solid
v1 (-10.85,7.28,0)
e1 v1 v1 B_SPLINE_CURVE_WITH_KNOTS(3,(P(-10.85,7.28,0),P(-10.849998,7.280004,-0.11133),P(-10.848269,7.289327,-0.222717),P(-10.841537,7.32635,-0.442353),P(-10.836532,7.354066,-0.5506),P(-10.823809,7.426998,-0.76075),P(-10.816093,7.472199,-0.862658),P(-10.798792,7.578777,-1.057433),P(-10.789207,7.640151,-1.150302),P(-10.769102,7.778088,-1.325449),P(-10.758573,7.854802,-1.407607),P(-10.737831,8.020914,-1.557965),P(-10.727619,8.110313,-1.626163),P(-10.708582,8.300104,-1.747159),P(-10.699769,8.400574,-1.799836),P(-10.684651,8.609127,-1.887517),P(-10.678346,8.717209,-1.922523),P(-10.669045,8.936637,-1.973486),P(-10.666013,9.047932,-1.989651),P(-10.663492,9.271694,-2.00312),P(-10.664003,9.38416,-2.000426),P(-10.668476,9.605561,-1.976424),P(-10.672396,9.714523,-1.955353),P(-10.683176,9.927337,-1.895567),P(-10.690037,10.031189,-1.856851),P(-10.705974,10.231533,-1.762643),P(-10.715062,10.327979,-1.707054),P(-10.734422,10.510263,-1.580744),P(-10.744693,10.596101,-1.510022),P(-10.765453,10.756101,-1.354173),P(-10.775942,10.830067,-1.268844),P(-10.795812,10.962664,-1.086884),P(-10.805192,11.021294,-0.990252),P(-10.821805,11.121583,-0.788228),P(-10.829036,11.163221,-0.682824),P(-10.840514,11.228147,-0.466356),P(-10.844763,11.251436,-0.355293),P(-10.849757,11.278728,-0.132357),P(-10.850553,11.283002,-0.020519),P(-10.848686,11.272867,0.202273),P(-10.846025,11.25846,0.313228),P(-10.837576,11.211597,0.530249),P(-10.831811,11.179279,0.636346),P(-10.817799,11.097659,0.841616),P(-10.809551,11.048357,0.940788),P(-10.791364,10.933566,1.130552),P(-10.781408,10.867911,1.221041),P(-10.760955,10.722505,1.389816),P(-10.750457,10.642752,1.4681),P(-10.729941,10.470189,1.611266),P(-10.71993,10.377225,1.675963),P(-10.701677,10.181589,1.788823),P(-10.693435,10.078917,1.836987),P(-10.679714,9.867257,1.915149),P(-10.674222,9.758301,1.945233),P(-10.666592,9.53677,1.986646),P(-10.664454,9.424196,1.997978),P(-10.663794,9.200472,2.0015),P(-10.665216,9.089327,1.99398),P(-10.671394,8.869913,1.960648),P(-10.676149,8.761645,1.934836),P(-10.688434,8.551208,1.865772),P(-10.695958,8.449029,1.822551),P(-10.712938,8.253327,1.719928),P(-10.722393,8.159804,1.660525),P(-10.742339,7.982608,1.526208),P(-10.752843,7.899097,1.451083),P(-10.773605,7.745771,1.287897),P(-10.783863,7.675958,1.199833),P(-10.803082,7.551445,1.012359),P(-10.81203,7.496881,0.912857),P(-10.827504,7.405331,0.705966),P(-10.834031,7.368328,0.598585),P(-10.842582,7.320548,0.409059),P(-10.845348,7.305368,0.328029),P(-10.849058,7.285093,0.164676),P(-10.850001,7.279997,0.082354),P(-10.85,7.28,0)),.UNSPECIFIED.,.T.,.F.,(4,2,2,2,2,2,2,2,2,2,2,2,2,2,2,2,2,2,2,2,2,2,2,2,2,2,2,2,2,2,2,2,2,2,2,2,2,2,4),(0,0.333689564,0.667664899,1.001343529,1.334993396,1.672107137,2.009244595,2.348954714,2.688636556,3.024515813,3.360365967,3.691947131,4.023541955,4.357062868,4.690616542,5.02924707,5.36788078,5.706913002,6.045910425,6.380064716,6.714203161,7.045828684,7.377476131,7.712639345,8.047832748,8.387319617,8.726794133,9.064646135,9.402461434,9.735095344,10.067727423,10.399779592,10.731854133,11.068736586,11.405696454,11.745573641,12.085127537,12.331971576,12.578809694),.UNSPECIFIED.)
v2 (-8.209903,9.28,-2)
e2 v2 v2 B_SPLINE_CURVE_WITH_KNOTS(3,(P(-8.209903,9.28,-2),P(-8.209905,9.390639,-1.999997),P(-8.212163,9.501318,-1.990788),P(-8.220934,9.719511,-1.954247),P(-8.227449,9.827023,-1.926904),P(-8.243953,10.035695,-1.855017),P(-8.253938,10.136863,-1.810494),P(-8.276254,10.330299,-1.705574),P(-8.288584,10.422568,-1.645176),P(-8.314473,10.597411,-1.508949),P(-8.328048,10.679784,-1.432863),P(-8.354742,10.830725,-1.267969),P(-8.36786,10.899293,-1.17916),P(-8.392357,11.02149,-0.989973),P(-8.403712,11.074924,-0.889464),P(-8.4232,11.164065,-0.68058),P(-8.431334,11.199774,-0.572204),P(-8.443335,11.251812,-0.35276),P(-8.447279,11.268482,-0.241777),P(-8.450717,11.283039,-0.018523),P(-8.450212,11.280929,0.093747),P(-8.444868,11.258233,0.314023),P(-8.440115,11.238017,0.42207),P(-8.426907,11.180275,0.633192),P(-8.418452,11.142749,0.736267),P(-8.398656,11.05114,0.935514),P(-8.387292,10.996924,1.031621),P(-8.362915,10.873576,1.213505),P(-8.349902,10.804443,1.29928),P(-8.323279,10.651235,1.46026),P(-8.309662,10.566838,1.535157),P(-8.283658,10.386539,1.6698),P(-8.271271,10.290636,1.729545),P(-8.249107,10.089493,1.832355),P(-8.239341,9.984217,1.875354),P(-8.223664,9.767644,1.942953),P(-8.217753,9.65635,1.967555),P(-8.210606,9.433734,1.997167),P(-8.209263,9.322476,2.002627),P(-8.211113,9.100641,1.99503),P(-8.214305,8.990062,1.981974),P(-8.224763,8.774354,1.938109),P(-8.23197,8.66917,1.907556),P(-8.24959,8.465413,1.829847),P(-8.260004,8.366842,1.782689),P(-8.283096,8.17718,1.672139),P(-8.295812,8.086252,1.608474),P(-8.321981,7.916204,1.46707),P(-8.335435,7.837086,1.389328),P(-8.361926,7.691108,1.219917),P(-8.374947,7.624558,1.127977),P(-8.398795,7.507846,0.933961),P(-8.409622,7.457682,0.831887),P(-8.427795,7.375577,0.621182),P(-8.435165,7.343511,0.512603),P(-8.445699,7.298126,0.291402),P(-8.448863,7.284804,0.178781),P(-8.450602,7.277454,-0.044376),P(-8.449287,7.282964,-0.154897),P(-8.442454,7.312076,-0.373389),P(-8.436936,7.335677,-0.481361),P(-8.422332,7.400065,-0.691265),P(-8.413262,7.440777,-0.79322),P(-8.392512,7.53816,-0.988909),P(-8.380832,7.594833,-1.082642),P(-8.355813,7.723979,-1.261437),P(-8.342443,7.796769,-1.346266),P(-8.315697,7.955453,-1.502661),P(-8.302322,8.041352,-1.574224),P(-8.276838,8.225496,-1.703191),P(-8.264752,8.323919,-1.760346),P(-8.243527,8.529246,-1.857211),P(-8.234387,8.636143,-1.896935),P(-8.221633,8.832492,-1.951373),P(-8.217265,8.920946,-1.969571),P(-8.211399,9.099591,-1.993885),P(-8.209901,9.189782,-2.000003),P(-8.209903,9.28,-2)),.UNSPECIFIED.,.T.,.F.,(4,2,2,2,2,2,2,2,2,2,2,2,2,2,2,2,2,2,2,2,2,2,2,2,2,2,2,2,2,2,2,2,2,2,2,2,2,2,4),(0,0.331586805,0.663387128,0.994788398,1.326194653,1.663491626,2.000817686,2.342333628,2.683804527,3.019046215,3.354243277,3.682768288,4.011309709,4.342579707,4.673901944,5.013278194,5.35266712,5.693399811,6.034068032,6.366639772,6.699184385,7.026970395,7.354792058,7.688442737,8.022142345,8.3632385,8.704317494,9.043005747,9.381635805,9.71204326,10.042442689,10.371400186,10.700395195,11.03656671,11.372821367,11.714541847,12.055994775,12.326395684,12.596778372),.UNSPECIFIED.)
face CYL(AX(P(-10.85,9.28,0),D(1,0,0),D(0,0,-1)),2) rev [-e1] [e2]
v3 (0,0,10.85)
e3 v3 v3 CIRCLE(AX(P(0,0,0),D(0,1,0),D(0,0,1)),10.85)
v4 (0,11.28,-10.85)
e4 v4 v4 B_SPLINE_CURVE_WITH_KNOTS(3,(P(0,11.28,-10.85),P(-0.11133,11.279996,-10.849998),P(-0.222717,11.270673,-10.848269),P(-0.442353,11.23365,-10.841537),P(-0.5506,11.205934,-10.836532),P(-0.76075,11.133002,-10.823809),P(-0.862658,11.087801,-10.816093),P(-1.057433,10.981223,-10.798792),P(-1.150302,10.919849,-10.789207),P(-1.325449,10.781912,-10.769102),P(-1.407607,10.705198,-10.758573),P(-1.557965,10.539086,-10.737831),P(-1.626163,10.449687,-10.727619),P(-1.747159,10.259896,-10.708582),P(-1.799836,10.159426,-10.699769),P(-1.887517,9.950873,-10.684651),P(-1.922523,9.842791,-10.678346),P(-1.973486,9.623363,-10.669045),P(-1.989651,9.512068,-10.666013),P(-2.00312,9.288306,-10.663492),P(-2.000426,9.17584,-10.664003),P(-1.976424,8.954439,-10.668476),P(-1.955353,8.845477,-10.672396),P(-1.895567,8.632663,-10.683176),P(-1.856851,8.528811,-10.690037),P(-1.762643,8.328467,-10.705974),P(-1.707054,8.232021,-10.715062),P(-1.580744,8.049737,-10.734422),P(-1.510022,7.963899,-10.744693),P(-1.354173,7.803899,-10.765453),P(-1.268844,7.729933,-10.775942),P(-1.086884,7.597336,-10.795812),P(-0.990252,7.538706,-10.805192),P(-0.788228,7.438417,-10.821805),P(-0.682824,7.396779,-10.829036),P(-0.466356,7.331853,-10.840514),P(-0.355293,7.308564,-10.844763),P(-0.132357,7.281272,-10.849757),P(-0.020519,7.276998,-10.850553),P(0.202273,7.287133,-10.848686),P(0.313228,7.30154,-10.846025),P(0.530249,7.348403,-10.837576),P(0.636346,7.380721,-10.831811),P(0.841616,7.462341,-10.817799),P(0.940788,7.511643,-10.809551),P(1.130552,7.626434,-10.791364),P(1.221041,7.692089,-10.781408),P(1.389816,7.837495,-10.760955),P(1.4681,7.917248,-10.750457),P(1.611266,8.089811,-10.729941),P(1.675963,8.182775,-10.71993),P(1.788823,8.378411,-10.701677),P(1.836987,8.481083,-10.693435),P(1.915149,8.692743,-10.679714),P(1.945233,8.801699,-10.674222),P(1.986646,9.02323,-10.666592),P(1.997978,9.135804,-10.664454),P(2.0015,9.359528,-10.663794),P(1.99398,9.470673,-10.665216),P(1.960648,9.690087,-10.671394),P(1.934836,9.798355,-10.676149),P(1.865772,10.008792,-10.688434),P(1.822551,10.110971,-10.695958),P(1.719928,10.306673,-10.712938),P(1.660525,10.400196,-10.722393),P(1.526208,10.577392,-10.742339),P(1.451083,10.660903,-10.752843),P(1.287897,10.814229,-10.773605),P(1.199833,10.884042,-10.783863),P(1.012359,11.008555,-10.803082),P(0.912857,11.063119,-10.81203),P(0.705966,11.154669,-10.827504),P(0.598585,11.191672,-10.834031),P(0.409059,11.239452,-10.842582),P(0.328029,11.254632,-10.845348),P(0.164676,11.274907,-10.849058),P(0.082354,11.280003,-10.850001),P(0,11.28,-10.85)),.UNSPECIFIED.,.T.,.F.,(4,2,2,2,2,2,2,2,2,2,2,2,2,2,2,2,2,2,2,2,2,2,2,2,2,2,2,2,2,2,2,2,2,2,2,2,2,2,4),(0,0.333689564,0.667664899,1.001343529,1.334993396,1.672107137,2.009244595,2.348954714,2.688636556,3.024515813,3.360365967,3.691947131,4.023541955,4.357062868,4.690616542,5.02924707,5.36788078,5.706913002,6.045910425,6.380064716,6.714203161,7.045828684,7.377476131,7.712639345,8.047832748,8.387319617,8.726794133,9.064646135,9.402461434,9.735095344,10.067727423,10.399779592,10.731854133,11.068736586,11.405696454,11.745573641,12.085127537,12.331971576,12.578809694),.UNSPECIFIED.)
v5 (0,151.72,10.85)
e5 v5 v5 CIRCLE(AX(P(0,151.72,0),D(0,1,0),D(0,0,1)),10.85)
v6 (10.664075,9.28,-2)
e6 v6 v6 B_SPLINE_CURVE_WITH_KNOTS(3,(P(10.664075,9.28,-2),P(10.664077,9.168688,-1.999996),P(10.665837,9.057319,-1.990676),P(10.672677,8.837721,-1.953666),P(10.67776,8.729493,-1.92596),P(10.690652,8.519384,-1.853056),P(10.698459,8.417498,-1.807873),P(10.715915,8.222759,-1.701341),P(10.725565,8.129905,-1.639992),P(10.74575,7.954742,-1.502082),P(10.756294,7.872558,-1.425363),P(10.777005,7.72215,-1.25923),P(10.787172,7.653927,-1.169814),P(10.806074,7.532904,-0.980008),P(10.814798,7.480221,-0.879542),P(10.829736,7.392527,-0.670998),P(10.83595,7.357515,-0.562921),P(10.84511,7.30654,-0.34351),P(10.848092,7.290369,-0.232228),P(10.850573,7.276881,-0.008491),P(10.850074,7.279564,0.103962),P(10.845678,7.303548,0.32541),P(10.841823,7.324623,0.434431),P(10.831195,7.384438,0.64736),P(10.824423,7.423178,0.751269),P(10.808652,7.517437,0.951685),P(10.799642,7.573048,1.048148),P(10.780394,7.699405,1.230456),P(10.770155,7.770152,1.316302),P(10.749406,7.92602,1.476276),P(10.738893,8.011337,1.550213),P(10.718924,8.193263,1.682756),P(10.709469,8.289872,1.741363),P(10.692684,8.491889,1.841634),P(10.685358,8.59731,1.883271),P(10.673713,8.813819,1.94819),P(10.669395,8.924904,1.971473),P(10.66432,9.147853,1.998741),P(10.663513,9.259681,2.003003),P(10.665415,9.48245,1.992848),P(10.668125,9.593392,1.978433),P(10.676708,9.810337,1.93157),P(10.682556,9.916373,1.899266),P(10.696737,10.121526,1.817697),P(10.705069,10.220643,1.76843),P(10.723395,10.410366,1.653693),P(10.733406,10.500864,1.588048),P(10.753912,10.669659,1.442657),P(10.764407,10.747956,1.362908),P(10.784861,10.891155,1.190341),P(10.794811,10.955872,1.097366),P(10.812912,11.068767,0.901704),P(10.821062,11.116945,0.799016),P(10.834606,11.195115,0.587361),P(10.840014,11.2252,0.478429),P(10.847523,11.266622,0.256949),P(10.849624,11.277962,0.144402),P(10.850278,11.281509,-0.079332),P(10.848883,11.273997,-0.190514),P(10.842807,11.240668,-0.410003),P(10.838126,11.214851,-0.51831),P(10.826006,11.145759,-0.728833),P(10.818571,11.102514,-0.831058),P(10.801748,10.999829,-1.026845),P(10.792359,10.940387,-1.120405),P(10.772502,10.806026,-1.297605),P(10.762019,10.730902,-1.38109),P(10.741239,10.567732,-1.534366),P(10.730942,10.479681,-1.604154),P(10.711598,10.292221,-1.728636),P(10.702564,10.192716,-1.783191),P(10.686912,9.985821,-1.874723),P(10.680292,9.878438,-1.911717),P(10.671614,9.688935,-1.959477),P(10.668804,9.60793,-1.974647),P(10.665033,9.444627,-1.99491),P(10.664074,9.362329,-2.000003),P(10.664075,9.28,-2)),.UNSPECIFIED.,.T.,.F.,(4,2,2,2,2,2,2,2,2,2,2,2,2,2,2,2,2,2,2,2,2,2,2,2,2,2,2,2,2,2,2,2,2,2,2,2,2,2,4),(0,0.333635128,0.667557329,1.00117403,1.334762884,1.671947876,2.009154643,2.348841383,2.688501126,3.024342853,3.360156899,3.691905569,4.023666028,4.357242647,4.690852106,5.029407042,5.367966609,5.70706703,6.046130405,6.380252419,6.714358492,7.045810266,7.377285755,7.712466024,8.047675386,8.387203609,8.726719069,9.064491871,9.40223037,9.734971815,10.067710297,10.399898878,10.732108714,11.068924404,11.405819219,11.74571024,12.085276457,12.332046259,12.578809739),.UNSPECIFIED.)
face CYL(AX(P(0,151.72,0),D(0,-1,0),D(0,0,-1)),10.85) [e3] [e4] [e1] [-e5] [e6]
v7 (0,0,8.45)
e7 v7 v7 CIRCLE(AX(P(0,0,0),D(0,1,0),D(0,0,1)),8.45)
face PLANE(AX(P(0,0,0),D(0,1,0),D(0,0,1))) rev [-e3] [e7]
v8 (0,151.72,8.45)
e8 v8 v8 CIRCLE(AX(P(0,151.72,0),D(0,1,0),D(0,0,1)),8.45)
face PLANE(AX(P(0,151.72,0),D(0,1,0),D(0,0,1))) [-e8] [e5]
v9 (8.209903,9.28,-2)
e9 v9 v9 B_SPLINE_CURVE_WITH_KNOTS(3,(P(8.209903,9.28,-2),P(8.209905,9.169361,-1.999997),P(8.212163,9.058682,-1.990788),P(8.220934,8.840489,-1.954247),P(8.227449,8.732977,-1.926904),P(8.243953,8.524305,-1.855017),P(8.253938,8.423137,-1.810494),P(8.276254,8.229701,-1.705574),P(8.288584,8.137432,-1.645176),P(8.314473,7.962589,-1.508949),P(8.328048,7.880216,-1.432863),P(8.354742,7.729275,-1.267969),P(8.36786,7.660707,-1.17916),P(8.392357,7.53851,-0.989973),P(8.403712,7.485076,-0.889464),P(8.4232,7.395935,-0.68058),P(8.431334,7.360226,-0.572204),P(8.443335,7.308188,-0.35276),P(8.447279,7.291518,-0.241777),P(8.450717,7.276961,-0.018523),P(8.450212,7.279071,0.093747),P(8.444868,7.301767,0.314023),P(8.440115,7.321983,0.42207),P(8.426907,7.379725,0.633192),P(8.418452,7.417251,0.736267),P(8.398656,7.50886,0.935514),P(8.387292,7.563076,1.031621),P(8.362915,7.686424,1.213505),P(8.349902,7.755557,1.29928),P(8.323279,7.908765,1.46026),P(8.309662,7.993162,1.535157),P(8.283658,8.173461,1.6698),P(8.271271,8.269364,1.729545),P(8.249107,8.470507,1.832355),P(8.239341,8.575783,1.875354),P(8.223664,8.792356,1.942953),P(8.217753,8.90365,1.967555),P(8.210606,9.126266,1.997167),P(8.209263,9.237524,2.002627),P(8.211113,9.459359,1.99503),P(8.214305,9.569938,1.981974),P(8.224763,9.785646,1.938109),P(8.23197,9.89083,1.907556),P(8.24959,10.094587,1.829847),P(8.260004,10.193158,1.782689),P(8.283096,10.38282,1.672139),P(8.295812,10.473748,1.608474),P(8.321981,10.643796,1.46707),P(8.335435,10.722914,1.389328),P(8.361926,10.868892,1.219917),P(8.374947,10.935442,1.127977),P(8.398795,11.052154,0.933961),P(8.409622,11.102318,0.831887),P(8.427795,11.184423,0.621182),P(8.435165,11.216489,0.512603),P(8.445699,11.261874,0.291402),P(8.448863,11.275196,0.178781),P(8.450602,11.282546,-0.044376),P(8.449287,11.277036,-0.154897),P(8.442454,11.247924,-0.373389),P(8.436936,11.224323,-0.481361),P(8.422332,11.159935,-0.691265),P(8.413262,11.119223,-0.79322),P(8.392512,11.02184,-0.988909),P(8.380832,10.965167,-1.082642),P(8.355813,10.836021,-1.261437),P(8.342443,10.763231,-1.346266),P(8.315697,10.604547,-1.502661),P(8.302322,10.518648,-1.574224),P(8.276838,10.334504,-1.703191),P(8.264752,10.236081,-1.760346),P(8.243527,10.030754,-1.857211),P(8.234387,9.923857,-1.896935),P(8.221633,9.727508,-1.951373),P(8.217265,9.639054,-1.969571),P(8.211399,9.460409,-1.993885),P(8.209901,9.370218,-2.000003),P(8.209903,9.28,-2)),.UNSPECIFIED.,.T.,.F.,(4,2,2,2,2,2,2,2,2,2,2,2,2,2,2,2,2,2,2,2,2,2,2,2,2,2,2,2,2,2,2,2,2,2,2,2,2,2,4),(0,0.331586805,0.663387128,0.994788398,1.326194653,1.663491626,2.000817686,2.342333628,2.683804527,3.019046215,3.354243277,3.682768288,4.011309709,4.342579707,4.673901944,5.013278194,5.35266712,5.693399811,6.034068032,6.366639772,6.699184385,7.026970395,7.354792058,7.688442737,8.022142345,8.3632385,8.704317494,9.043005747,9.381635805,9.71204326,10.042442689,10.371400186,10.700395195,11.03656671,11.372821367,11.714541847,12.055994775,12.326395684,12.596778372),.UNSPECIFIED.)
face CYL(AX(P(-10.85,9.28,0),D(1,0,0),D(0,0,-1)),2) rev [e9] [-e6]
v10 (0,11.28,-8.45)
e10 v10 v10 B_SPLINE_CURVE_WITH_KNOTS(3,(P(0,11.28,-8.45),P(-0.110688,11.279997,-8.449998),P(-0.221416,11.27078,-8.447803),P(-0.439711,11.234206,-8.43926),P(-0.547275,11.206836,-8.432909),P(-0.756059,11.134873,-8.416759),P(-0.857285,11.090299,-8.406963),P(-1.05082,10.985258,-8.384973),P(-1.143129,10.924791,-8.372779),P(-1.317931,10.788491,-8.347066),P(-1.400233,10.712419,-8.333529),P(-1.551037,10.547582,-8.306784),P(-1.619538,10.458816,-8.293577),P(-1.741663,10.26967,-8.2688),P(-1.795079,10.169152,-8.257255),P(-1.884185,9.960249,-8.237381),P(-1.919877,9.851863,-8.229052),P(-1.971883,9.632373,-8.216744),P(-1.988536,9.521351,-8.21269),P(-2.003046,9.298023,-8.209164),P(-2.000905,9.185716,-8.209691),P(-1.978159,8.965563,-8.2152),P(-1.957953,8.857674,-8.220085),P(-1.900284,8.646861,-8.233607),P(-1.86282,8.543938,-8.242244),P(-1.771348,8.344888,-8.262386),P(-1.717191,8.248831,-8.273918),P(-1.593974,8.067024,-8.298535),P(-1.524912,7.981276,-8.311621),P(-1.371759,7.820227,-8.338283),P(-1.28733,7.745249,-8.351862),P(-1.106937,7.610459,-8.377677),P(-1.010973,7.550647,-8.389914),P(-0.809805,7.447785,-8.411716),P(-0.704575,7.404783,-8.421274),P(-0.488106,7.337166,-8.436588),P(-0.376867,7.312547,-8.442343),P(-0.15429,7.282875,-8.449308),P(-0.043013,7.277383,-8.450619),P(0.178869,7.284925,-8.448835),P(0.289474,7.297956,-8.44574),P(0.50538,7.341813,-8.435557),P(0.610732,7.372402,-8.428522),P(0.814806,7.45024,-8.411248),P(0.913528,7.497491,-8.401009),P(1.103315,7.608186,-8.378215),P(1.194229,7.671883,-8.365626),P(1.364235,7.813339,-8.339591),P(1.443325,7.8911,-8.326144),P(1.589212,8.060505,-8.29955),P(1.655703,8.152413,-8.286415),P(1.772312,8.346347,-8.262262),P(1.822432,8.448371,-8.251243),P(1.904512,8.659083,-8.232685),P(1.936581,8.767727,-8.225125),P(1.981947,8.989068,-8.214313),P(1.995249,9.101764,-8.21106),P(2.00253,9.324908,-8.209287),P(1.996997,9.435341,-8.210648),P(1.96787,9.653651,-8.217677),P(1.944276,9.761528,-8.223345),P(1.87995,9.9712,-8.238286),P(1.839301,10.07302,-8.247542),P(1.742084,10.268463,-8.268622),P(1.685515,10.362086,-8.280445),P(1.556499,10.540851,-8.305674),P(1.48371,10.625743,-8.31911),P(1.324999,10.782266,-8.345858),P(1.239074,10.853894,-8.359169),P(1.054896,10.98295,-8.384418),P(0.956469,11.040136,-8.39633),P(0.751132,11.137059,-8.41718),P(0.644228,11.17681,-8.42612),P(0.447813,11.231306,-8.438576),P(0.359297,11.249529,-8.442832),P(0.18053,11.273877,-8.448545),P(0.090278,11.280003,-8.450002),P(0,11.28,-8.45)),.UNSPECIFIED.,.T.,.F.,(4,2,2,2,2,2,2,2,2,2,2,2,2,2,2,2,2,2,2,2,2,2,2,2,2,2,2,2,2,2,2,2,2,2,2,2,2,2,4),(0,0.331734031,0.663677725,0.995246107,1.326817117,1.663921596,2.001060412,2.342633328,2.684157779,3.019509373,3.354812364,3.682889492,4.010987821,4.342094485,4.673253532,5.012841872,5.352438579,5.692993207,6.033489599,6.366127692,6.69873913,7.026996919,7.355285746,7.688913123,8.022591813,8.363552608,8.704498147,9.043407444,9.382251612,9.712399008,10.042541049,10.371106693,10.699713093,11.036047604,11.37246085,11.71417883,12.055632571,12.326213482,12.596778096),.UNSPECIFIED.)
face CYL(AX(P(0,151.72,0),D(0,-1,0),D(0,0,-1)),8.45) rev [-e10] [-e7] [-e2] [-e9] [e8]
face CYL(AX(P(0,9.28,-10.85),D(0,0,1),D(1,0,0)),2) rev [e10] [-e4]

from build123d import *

# Parameters (mm, degrees)
SKETCH1_R               = 10.85
SKETCH1_R_2             = 8.45
BOSS_EXTRUDE1_DEPTH     = 151.72
SKETCH3_R               = 2
CUT_EXTRUDE2_DEPTH      = 153.493945454
CUT_EXTRUDE3_DEPTH      = 153.493945567
CUT_EXTRUDE3_DEPTH_BACK = 153.493945567
SKETCH4_R               = 2


with BuildPart() as part:
    # Sketch1 → Boss-Extrude1 (new body)
    with BuildSketch(Plane(origin=(0, 0, 0), x_dir=(1, 0, 0), z_dir=(0, 1, 0))):
        with Locations(Location((0, 0, 0), (0, 0, 270))):
            Circle(SKETCH1_R)
        with Locations(Location((0, 0, 0), (0, 0, 270))):
            Circle(SKETCH1_R_2, mode=Mode.SUBTRACT)
    extrude(amount=BOSS_EXTRUDE1_DEPTH)

    # Sketch3 → Cut-Extrude2 (cut, through all)
    with BuildSketch(Plane.XY):
        with Locations(Location((0, 9.28, 0), (0, 0, 90))):
            Circle(SKETCH3_R)
    extrude(amount=-CUT_EXTRUDE2_DEPTH, mode=Mode.SUBTRACT)

    # Sketch4 → Cut-Extrude3 (cut, two sides: drawn at the far end of the back side and taken through both)
    with BuildSketch(Plane(origin=(0, 0, 0), x_dir=(0, 0, -1), z_dir=(1, 0, 0)).offset(-CUT_EXTRUDE3_DEPTH_BACK)):
        with Locations((0, 9.28)):
            Circle(SKETCH4_R)
    extrude(amount=CUT_EXTRUDE3_DEPTH + CUT_EXTRUDE3_DEPTH_BACK, mode=Mode.SUBTRACT)


solid = part.part
